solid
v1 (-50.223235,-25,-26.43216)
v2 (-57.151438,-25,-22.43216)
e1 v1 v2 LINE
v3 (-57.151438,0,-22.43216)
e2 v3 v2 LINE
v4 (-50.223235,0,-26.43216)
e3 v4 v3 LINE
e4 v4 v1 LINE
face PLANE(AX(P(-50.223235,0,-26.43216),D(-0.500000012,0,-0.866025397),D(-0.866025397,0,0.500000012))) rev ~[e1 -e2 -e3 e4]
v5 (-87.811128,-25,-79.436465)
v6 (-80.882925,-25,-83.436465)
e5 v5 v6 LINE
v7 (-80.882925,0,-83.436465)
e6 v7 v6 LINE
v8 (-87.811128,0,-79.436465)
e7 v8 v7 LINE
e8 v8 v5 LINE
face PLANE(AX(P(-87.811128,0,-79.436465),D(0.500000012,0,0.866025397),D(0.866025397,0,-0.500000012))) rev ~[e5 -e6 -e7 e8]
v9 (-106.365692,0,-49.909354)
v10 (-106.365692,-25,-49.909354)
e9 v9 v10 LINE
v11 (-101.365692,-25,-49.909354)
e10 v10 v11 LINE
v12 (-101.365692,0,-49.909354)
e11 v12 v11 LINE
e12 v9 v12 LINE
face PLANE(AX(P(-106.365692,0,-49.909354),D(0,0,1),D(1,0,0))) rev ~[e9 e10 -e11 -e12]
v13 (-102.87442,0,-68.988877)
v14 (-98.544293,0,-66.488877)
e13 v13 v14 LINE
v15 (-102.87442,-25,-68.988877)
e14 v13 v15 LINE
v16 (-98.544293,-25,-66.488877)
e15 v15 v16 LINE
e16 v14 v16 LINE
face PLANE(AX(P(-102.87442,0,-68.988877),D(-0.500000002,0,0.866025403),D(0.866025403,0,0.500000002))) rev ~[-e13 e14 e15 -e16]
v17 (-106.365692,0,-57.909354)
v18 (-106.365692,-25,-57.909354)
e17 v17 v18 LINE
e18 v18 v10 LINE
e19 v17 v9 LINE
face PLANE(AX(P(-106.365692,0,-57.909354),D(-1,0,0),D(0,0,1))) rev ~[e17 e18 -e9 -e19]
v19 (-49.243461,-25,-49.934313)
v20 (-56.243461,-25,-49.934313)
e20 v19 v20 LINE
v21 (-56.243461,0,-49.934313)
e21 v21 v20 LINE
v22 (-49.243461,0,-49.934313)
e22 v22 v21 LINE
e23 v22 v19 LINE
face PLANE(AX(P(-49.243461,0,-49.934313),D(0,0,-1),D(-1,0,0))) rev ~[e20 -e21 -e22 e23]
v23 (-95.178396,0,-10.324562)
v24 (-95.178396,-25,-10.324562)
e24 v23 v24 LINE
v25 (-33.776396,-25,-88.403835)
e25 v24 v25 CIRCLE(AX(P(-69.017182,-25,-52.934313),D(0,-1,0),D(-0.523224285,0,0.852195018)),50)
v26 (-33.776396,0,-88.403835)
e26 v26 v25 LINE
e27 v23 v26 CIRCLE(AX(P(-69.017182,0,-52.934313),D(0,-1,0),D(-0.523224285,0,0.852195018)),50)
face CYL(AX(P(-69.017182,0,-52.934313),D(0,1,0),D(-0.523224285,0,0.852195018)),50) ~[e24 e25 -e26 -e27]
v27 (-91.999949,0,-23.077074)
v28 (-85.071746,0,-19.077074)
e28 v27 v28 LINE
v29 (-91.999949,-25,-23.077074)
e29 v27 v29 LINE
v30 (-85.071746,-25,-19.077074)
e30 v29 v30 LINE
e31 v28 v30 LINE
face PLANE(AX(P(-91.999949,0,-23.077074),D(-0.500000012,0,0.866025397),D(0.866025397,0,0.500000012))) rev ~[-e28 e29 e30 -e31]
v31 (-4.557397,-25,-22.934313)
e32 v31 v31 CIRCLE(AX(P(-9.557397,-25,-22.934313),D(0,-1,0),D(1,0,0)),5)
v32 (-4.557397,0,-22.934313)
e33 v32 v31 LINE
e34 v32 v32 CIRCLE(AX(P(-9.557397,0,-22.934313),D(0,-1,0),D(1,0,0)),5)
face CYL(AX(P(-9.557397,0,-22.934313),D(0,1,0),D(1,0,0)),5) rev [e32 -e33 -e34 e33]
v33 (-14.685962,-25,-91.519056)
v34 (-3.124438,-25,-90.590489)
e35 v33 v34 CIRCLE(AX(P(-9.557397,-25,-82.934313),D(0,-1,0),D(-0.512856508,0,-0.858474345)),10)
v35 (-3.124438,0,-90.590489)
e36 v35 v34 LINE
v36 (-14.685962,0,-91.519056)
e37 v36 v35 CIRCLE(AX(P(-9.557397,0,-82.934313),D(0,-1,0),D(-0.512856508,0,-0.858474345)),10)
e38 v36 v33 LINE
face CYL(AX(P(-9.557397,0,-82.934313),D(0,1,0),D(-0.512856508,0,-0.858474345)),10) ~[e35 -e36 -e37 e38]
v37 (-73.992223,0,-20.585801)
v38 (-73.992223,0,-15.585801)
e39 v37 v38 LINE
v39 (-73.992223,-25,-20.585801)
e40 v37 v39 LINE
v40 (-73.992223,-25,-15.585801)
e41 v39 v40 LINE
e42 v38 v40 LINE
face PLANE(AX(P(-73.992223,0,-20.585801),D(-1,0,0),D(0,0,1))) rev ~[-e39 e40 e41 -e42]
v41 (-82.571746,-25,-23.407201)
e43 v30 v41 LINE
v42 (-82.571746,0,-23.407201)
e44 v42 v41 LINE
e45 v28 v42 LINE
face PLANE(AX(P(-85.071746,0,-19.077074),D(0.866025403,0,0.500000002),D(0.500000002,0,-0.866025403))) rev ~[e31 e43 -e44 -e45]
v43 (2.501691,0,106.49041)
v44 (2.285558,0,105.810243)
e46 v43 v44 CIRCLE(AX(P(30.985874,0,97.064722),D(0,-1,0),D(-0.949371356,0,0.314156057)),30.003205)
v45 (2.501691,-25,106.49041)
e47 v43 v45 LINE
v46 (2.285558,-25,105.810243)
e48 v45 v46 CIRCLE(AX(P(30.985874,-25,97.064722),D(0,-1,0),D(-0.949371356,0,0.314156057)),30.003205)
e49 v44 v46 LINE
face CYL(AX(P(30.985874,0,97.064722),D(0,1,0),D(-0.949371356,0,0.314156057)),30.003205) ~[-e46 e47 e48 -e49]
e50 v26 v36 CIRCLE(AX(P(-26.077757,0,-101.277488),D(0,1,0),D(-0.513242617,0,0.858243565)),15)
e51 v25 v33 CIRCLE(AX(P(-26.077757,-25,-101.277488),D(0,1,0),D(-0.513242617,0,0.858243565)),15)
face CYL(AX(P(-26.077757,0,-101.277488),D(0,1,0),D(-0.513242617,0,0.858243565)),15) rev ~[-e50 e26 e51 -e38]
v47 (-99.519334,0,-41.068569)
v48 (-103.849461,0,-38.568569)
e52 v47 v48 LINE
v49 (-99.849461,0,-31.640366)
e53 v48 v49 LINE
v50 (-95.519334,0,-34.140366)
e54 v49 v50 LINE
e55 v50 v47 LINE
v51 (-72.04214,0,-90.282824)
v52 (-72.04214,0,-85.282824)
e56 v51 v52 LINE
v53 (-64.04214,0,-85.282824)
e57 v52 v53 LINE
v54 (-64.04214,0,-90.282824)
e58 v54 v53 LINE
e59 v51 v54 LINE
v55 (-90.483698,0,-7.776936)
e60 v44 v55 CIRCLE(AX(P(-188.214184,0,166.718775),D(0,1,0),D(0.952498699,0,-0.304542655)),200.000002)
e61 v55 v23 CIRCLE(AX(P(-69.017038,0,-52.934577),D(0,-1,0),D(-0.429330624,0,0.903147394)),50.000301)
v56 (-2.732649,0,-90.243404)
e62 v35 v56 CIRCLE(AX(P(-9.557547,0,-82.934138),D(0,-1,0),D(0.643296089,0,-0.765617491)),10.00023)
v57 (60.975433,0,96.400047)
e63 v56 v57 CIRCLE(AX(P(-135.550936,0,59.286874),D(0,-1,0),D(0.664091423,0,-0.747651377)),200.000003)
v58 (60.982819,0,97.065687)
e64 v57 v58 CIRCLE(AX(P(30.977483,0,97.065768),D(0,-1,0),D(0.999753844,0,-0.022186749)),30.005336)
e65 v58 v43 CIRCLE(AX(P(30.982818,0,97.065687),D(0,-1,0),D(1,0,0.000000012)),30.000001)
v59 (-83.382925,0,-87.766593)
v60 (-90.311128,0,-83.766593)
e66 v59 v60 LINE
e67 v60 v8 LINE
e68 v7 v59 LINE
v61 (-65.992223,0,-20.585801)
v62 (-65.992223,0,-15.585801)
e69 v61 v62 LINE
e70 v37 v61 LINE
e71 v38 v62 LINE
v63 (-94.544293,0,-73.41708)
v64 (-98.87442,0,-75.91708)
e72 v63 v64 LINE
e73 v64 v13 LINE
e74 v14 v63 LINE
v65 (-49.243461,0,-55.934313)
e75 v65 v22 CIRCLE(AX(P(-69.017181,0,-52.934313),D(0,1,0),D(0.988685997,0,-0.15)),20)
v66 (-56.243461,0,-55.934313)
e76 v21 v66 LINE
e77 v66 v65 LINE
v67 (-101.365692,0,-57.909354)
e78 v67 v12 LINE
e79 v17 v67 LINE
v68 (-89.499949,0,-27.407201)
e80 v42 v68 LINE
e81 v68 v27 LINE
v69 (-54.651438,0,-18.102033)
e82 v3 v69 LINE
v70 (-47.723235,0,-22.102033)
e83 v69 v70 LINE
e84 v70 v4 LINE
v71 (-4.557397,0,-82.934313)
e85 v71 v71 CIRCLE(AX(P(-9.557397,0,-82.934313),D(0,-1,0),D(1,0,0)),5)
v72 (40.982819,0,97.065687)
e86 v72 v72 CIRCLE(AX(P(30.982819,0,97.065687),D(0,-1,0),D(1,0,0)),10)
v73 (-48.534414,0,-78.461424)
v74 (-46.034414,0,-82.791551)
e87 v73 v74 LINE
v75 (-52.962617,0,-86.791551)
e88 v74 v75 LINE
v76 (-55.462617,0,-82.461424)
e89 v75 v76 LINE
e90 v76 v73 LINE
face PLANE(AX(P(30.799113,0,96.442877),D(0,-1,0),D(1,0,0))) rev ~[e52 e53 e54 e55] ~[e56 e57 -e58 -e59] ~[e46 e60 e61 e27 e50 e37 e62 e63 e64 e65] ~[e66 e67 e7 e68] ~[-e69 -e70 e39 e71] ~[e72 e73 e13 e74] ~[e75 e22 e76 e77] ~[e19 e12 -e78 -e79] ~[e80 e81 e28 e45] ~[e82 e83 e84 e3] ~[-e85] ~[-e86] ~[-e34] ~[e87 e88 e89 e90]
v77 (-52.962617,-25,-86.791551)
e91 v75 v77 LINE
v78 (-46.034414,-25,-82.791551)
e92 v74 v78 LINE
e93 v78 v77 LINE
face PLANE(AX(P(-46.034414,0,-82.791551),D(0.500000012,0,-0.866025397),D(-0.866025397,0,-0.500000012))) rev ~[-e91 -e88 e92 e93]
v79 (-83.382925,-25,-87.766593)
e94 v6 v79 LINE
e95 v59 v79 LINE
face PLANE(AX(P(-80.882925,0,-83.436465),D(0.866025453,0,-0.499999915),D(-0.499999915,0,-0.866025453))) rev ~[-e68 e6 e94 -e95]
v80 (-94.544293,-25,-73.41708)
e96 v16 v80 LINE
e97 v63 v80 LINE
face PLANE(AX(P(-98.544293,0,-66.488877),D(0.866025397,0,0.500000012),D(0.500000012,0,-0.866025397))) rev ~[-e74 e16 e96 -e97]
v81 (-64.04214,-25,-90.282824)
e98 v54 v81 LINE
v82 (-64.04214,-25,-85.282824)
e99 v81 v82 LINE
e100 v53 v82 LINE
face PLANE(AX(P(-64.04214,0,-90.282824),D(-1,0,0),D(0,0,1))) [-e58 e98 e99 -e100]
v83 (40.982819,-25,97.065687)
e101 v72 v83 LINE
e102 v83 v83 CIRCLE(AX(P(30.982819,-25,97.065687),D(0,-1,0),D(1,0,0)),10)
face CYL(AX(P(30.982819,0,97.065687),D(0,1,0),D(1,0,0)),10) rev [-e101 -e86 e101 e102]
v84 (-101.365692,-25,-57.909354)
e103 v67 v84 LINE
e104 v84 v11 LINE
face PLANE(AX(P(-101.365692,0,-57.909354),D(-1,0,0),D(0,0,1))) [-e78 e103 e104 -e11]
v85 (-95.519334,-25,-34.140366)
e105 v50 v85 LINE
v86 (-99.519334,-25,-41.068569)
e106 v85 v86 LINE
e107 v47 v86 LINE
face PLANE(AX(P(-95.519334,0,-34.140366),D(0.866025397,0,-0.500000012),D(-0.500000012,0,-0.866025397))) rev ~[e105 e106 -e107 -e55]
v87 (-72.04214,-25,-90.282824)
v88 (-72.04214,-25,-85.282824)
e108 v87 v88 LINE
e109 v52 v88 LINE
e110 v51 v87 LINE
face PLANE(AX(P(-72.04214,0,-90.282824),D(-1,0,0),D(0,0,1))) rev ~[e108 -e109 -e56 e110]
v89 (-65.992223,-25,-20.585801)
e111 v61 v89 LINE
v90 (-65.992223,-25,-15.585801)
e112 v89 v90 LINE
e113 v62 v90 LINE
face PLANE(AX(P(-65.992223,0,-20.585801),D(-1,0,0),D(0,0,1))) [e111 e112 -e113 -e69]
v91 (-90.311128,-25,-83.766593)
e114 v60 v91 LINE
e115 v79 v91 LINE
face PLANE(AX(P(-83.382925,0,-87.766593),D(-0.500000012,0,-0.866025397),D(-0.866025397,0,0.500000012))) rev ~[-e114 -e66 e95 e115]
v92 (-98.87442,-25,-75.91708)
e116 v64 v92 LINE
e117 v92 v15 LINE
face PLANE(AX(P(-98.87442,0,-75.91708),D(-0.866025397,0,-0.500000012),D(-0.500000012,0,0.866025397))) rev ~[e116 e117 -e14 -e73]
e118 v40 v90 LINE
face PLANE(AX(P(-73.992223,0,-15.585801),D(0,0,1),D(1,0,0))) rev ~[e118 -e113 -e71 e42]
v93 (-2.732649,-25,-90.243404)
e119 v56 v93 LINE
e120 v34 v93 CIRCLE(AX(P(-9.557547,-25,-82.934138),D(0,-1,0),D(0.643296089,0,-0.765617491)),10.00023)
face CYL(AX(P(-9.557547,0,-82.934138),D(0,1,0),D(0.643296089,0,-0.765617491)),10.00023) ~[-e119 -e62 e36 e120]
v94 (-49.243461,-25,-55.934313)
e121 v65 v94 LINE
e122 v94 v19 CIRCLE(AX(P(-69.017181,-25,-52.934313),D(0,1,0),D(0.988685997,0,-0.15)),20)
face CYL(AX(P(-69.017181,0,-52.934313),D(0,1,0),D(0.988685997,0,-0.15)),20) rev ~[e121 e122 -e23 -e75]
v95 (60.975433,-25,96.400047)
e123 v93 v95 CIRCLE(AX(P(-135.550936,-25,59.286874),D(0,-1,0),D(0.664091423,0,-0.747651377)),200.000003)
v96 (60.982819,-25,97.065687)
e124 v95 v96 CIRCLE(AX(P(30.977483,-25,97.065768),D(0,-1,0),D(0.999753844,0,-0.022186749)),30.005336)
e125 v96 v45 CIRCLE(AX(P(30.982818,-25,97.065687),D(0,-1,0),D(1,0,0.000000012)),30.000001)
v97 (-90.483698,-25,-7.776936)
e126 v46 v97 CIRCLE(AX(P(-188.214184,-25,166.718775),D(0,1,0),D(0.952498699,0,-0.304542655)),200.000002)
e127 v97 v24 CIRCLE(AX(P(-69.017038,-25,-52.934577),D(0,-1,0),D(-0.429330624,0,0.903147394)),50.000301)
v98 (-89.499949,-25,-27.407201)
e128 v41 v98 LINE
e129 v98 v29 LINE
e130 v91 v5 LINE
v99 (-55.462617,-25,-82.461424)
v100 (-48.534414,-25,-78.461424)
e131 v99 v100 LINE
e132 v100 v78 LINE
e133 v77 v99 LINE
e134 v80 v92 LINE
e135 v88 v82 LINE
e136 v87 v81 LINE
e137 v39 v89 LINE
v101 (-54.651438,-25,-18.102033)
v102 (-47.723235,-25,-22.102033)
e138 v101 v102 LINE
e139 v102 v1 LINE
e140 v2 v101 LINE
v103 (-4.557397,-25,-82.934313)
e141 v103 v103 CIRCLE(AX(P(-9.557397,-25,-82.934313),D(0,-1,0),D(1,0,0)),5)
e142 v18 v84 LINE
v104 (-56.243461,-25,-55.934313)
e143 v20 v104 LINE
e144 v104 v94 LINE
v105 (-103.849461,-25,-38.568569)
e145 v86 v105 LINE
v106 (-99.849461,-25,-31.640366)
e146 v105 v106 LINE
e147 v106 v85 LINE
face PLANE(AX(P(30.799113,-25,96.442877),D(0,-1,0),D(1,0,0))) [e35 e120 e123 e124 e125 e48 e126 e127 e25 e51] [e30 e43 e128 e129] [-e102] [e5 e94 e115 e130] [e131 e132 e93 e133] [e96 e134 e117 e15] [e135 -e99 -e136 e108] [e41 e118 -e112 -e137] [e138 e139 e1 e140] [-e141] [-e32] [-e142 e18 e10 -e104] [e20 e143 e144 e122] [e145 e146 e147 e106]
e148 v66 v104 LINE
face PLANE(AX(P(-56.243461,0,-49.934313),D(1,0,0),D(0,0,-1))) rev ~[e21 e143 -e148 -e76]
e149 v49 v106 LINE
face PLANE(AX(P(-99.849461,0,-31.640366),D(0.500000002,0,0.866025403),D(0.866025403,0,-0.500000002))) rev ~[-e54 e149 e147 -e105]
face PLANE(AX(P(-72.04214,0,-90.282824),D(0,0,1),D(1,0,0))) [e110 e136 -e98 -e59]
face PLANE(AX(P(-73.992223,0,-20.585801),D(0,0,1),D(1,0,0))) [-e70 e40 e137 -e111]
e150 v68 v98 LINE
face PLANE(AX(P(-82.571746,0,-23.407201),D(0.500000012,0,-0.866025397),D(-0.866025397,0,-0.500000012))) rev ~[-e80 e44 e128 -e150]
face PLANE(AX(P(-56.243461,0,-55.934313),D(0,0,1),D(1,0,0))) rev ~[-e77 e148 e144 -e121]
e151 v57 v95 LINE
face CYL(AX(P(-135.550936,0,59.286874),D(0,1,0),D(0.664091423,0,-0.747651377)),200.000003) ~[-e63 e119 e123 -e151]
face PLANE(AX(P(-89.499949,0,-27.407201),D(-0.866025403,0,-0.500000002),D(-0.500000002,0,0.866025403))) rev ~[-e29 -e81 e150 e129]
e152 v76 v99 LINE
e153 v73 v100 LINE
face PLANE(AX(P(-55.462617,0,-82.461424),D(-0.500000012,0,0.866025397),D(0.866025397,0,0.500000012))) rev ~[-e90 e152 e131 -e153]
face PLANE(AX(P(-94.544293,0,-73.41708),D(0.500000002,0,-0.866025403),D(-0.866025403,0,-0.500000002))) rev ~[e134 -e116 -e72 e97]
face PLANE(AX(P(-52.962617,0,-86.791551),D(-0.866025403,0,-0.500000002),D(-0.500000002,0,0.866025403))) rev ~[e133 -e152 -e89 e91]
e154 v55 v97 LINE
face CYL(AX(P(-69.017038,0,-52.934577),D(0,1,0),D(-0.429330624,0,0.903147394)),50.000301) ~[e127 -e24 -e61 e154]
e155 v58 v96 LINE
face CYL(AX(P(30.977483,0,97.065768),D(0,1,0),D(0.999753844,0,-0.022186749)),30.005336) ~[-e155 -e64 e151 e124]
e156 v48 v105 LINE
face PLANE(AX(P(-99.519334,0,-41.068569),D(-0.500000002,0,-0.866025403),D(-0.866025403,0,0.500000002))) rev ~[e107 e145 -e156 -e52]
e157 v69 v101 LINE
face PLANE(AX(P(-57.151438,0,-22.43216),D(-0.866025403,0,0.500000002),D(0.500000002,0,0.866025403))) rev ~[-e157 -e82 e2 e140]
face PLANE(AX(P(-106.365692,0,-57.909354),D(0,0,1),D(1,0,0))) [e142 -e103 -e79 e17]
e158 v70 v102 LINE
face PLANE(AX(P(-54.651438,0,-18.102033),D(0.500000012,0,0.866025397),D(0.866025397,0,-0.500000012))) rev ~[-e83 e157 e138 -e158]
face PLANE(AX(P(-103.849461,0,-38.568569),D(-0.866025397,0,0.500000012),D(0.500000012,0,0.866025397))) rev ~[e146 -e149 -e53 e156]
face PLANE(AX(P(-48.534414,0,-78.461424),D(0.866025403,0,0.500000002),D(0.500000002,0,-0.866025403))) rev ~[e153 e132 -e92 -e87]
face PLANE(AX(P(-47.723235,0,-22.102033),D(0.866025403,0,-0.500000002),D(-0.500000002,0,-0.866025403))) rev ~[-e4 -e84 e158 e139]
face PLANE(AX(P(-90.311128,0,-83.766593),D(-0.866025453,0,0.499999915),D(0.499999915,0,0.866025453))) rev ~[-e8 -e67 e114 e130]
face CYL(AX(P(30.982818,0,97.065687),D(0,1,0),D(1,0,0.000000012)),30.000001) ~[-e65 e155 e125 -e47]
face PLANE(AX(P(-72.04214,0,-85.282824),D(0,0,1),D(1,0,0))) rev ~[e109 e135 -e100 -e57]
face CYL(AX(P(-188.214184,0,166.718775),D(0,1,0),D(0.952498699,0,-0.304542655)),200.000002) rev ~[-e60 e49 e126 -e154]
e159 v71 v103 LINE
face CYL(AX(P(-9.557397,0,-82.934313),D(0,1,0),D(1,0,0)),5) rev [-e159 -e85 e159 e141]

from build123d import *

# Parameters (mm, degrees)
F0_R     = 10
F0_W     = 5
F0_H     = 8
F0_W_2   = 8
F0_H_2   = 5
F0_R_2   = 5
F1_DEPTH = 25


with BuildPart() as f1:
    # F0 (on Front) → F1 (new body)
    with BuildSketch(Plane.XZ):
        with BuildLine():
            ThreePointArc((60.975433, 96.400047), (60.980972, 96.732847), (60.982819, 97.065687))
            ThreePointArc((60.982819, 97.065687), (35.755982, 126.683535), (2.501691, 106.49041))
            ThreePointArc((2.501691, 106.49041), (2.393928, 106.15023), (2.285558, 105.810243))
            ThreePointArc((2.285558, 105.810243), (4.350114, 83.256305), (21.59361, 68.572833))
            ThreePointArc((21.59361, 68.572833), (48.295056, 72.564944), (60.975433, 96.400047))
        make_face()
        with Locations((30.982819, 97.065687)):
            Circle(F0_R, mode=Mode.SUBTRACT)
        with BuildLine():
            ThreePointArc((2.285558, 105.810243), (2.393928, 106.15023), (2.501691, 106.49041))
            ThreePointArc((2.501691, 106.49041), (2.391602, 106.150969), (2.285558, 105.810243))
        make_face()
        with BuildLine():
            ThreePointArc((-2.732649, -90.243404), (53.726427, -5.320256), (60.975433, 96.400047))
            ThreePointArc((60.975433, 96.400047), (48.295056, 72.564944), (21.59361, 68.572833))
            ThreePointArc((21.59361, 68.572833), (4.350114, 83.256305), (2.285558, 105.810243))
            ThreePointArc((2.285558, 105.810243), (-33.312028, 40.206629), (-90.483698, -7.776936))
            ThreePointArc((-90.483698, -7.776936), (-60.597191, -3.648374), (-33.776396, -17.46479))
            ThreePointArc((-33.776396, -17.46479), (-23.661975, -19.395325), (-14.685962, -14.349569))
            ThreePointArc((-14.685962, -14.349569), (-0.249152, -19.279648), (-7.475156, -32.715124))
            ThreePointArc((-7.475156, -32.715124), (-14.965806, -40.251179), (-25.569357, -40.934313))
            ThreePointArc((-25.569357, -40.934313), (-34.054638, -44.449031), (-37.569357, -52.934313))
            ThreePointArc((-37.569357, -52.934313), (-34.054638, -61.419594), (-25.569357, -64.934313))
            ThreePointArc((-25.569357, -64.934313), (-14.965806, -65.617446), (-7.475156, -73.153501))
            ThreePointArc((-7.475156, -73.153501), (0.078463, -80.260328), (-2.732649, -90.243404))
        make_face()
        with BuildLine():
            ThreePointArc((-3.124438, -90.590489), (-2.92843, -90.417074), (-2.732649, -90.243404))
            ThreePointArc((-2.732649, -90.243404), (0.078463, -80.260328), (-7.475156, -73.153501))
            ThreePointArc((-7.475156, -73.153501), (-14.965806, -65.617446), (-25.569357, -64.934313))
            ThreePointArc((-25.569357, -64.934313), (-34.054638, -61.419594), (-37.569357, -52.934313))
            ThreePointArc((-37.569357, -52.934313), (-34.054638, -44.449031), (-25.569357, -40.934313))
            ThreePointArc((-25.569357, -40.934313), (-14.965806, -40.251179), (-7.475156, -32.715124))
            ThreePointArc((-7.475156, -32.715124), (-0.249152, -19.279648), (-14.685962, -14.349569))
            ThreePointArc((-14.685962, -14.349569), (-23.661975, -19.395325), (-33.776396, -17.46479))
            ThreePointArc((-33.776396, -17.46479), (-60.597191, -3.648374), (-90.483698, -7.776936))
            ThreePointArc((-90.483698, -7.776936), (-92.822542, -9.066422), (-95.178396, -10.324562))
            ThreePointArc((-95.178396, -10.324562), (-108.31989, -83.842194), (-33.776396, -88.403835))
            ThreePointArc((-33.776396, -88.403835), (-23.661975, -86.4733), (-14.685962, -91.519056))
            ThreePointArc((-14.685962, -91.519056), (-8.756822, -92.902215), (-3.124438, -90.590489))
        make_face()
        Polygon((-80.882925, -83.436465), (-83.382925, -87.766593), (-90.311128, -83.766593), (-87.811128, -79.436465), align=None, mode=Mode.SUBTRACT)
        Polygon((-94.544293, -73.41708), (-98.87442, -75.91708), (-102.87442, -68.988877), (-98.544293, -66.488877), align=None, mode=Mode.SUBTRACT)
        with Locations((-103.865692, -53.909354)):
            Rectangle(F0_W, F0_H, mode=Mode.SUBTRACT)
        with Locations((-68.04214, -87.782824)):
            Rectangle(F0_W_2, F0_H_2, mode=Mode.SUBTRACT)
        Polygon((-48.534414, -78.461424), (-46.034414, -82.791551), (-52.962617, -86.791551), (-55.462617, -82.461424), align=None, mode=Mode.SUBTRACT)
        with BuildLine():
            ThreePointArc((-49.243461, -55.934313), (-89.017181, -52.934313), (-49.243461, -49.934313))
            Line((-49.243461, -49.934313), (-56.243461, -49.934313))
            Line((-56.243461, -49.934313), (-56.243461, -55.934313))
            Line((-56.243461, -55.934313), (-49.243461, -55.934313))
        make_face(mode=Mode.SUBTRACT)
        Polygon((-99.519334, -41.068569), (-103.849461, -38.568569), (-99.849461, -31.640366), (-95.519334, -34.140366), align=None, mode=Mode.SUBTRACT)
        Polygon((-89.499949, -27.407201), (-91.999949, -23.077074), (-85.071746, -19.077074), (-82.571746, -23.407201), align=None, mode=Mode.SUBTRACT)
        with Locations((-69.992223, -18.085801)):
            Rectangle(F0_W_2, F0_H_2, mode=Mode.SUBTRACT)
        Polygon((-57.151438, -22.43216), (-54.651438, -18.102033), (-47.723235, -22.102033), (-50.223235, -26.43216), align=None, mode=Mode.SUBTRACT)
        with Locations((-9.557397, -82.934313)):
            Circle(F0_R_2, mode=Mode.SUBTRACT)
        with Locations((-9.557397, -22.934313)):
            Circle(F0_R_2, mode=Mode.SUBTRACT)
        with BuildLine():
            ThreePointArc((-3.124438, -90.590489), (-2.926272, -90.41951), (-2.732649, -90.243404))
            ThreePointArc((-2.732649, -90.243404), (-2.92843, -90.417074), (-3.124438, -90.590489))
        make_face()
        with BuildLine():
            ThreePointArc((-95.178396, -10.324562), (-92.822542, -9.066422), (-90.483698, -7.776936))
            ThreePointArc((-90.483698, -7.776936), (-92.865091, -8.988014), (-95.178396, -10.324562))
        make_face()
    extrude(amount=F1_DEPTH)


solid = f1.part
